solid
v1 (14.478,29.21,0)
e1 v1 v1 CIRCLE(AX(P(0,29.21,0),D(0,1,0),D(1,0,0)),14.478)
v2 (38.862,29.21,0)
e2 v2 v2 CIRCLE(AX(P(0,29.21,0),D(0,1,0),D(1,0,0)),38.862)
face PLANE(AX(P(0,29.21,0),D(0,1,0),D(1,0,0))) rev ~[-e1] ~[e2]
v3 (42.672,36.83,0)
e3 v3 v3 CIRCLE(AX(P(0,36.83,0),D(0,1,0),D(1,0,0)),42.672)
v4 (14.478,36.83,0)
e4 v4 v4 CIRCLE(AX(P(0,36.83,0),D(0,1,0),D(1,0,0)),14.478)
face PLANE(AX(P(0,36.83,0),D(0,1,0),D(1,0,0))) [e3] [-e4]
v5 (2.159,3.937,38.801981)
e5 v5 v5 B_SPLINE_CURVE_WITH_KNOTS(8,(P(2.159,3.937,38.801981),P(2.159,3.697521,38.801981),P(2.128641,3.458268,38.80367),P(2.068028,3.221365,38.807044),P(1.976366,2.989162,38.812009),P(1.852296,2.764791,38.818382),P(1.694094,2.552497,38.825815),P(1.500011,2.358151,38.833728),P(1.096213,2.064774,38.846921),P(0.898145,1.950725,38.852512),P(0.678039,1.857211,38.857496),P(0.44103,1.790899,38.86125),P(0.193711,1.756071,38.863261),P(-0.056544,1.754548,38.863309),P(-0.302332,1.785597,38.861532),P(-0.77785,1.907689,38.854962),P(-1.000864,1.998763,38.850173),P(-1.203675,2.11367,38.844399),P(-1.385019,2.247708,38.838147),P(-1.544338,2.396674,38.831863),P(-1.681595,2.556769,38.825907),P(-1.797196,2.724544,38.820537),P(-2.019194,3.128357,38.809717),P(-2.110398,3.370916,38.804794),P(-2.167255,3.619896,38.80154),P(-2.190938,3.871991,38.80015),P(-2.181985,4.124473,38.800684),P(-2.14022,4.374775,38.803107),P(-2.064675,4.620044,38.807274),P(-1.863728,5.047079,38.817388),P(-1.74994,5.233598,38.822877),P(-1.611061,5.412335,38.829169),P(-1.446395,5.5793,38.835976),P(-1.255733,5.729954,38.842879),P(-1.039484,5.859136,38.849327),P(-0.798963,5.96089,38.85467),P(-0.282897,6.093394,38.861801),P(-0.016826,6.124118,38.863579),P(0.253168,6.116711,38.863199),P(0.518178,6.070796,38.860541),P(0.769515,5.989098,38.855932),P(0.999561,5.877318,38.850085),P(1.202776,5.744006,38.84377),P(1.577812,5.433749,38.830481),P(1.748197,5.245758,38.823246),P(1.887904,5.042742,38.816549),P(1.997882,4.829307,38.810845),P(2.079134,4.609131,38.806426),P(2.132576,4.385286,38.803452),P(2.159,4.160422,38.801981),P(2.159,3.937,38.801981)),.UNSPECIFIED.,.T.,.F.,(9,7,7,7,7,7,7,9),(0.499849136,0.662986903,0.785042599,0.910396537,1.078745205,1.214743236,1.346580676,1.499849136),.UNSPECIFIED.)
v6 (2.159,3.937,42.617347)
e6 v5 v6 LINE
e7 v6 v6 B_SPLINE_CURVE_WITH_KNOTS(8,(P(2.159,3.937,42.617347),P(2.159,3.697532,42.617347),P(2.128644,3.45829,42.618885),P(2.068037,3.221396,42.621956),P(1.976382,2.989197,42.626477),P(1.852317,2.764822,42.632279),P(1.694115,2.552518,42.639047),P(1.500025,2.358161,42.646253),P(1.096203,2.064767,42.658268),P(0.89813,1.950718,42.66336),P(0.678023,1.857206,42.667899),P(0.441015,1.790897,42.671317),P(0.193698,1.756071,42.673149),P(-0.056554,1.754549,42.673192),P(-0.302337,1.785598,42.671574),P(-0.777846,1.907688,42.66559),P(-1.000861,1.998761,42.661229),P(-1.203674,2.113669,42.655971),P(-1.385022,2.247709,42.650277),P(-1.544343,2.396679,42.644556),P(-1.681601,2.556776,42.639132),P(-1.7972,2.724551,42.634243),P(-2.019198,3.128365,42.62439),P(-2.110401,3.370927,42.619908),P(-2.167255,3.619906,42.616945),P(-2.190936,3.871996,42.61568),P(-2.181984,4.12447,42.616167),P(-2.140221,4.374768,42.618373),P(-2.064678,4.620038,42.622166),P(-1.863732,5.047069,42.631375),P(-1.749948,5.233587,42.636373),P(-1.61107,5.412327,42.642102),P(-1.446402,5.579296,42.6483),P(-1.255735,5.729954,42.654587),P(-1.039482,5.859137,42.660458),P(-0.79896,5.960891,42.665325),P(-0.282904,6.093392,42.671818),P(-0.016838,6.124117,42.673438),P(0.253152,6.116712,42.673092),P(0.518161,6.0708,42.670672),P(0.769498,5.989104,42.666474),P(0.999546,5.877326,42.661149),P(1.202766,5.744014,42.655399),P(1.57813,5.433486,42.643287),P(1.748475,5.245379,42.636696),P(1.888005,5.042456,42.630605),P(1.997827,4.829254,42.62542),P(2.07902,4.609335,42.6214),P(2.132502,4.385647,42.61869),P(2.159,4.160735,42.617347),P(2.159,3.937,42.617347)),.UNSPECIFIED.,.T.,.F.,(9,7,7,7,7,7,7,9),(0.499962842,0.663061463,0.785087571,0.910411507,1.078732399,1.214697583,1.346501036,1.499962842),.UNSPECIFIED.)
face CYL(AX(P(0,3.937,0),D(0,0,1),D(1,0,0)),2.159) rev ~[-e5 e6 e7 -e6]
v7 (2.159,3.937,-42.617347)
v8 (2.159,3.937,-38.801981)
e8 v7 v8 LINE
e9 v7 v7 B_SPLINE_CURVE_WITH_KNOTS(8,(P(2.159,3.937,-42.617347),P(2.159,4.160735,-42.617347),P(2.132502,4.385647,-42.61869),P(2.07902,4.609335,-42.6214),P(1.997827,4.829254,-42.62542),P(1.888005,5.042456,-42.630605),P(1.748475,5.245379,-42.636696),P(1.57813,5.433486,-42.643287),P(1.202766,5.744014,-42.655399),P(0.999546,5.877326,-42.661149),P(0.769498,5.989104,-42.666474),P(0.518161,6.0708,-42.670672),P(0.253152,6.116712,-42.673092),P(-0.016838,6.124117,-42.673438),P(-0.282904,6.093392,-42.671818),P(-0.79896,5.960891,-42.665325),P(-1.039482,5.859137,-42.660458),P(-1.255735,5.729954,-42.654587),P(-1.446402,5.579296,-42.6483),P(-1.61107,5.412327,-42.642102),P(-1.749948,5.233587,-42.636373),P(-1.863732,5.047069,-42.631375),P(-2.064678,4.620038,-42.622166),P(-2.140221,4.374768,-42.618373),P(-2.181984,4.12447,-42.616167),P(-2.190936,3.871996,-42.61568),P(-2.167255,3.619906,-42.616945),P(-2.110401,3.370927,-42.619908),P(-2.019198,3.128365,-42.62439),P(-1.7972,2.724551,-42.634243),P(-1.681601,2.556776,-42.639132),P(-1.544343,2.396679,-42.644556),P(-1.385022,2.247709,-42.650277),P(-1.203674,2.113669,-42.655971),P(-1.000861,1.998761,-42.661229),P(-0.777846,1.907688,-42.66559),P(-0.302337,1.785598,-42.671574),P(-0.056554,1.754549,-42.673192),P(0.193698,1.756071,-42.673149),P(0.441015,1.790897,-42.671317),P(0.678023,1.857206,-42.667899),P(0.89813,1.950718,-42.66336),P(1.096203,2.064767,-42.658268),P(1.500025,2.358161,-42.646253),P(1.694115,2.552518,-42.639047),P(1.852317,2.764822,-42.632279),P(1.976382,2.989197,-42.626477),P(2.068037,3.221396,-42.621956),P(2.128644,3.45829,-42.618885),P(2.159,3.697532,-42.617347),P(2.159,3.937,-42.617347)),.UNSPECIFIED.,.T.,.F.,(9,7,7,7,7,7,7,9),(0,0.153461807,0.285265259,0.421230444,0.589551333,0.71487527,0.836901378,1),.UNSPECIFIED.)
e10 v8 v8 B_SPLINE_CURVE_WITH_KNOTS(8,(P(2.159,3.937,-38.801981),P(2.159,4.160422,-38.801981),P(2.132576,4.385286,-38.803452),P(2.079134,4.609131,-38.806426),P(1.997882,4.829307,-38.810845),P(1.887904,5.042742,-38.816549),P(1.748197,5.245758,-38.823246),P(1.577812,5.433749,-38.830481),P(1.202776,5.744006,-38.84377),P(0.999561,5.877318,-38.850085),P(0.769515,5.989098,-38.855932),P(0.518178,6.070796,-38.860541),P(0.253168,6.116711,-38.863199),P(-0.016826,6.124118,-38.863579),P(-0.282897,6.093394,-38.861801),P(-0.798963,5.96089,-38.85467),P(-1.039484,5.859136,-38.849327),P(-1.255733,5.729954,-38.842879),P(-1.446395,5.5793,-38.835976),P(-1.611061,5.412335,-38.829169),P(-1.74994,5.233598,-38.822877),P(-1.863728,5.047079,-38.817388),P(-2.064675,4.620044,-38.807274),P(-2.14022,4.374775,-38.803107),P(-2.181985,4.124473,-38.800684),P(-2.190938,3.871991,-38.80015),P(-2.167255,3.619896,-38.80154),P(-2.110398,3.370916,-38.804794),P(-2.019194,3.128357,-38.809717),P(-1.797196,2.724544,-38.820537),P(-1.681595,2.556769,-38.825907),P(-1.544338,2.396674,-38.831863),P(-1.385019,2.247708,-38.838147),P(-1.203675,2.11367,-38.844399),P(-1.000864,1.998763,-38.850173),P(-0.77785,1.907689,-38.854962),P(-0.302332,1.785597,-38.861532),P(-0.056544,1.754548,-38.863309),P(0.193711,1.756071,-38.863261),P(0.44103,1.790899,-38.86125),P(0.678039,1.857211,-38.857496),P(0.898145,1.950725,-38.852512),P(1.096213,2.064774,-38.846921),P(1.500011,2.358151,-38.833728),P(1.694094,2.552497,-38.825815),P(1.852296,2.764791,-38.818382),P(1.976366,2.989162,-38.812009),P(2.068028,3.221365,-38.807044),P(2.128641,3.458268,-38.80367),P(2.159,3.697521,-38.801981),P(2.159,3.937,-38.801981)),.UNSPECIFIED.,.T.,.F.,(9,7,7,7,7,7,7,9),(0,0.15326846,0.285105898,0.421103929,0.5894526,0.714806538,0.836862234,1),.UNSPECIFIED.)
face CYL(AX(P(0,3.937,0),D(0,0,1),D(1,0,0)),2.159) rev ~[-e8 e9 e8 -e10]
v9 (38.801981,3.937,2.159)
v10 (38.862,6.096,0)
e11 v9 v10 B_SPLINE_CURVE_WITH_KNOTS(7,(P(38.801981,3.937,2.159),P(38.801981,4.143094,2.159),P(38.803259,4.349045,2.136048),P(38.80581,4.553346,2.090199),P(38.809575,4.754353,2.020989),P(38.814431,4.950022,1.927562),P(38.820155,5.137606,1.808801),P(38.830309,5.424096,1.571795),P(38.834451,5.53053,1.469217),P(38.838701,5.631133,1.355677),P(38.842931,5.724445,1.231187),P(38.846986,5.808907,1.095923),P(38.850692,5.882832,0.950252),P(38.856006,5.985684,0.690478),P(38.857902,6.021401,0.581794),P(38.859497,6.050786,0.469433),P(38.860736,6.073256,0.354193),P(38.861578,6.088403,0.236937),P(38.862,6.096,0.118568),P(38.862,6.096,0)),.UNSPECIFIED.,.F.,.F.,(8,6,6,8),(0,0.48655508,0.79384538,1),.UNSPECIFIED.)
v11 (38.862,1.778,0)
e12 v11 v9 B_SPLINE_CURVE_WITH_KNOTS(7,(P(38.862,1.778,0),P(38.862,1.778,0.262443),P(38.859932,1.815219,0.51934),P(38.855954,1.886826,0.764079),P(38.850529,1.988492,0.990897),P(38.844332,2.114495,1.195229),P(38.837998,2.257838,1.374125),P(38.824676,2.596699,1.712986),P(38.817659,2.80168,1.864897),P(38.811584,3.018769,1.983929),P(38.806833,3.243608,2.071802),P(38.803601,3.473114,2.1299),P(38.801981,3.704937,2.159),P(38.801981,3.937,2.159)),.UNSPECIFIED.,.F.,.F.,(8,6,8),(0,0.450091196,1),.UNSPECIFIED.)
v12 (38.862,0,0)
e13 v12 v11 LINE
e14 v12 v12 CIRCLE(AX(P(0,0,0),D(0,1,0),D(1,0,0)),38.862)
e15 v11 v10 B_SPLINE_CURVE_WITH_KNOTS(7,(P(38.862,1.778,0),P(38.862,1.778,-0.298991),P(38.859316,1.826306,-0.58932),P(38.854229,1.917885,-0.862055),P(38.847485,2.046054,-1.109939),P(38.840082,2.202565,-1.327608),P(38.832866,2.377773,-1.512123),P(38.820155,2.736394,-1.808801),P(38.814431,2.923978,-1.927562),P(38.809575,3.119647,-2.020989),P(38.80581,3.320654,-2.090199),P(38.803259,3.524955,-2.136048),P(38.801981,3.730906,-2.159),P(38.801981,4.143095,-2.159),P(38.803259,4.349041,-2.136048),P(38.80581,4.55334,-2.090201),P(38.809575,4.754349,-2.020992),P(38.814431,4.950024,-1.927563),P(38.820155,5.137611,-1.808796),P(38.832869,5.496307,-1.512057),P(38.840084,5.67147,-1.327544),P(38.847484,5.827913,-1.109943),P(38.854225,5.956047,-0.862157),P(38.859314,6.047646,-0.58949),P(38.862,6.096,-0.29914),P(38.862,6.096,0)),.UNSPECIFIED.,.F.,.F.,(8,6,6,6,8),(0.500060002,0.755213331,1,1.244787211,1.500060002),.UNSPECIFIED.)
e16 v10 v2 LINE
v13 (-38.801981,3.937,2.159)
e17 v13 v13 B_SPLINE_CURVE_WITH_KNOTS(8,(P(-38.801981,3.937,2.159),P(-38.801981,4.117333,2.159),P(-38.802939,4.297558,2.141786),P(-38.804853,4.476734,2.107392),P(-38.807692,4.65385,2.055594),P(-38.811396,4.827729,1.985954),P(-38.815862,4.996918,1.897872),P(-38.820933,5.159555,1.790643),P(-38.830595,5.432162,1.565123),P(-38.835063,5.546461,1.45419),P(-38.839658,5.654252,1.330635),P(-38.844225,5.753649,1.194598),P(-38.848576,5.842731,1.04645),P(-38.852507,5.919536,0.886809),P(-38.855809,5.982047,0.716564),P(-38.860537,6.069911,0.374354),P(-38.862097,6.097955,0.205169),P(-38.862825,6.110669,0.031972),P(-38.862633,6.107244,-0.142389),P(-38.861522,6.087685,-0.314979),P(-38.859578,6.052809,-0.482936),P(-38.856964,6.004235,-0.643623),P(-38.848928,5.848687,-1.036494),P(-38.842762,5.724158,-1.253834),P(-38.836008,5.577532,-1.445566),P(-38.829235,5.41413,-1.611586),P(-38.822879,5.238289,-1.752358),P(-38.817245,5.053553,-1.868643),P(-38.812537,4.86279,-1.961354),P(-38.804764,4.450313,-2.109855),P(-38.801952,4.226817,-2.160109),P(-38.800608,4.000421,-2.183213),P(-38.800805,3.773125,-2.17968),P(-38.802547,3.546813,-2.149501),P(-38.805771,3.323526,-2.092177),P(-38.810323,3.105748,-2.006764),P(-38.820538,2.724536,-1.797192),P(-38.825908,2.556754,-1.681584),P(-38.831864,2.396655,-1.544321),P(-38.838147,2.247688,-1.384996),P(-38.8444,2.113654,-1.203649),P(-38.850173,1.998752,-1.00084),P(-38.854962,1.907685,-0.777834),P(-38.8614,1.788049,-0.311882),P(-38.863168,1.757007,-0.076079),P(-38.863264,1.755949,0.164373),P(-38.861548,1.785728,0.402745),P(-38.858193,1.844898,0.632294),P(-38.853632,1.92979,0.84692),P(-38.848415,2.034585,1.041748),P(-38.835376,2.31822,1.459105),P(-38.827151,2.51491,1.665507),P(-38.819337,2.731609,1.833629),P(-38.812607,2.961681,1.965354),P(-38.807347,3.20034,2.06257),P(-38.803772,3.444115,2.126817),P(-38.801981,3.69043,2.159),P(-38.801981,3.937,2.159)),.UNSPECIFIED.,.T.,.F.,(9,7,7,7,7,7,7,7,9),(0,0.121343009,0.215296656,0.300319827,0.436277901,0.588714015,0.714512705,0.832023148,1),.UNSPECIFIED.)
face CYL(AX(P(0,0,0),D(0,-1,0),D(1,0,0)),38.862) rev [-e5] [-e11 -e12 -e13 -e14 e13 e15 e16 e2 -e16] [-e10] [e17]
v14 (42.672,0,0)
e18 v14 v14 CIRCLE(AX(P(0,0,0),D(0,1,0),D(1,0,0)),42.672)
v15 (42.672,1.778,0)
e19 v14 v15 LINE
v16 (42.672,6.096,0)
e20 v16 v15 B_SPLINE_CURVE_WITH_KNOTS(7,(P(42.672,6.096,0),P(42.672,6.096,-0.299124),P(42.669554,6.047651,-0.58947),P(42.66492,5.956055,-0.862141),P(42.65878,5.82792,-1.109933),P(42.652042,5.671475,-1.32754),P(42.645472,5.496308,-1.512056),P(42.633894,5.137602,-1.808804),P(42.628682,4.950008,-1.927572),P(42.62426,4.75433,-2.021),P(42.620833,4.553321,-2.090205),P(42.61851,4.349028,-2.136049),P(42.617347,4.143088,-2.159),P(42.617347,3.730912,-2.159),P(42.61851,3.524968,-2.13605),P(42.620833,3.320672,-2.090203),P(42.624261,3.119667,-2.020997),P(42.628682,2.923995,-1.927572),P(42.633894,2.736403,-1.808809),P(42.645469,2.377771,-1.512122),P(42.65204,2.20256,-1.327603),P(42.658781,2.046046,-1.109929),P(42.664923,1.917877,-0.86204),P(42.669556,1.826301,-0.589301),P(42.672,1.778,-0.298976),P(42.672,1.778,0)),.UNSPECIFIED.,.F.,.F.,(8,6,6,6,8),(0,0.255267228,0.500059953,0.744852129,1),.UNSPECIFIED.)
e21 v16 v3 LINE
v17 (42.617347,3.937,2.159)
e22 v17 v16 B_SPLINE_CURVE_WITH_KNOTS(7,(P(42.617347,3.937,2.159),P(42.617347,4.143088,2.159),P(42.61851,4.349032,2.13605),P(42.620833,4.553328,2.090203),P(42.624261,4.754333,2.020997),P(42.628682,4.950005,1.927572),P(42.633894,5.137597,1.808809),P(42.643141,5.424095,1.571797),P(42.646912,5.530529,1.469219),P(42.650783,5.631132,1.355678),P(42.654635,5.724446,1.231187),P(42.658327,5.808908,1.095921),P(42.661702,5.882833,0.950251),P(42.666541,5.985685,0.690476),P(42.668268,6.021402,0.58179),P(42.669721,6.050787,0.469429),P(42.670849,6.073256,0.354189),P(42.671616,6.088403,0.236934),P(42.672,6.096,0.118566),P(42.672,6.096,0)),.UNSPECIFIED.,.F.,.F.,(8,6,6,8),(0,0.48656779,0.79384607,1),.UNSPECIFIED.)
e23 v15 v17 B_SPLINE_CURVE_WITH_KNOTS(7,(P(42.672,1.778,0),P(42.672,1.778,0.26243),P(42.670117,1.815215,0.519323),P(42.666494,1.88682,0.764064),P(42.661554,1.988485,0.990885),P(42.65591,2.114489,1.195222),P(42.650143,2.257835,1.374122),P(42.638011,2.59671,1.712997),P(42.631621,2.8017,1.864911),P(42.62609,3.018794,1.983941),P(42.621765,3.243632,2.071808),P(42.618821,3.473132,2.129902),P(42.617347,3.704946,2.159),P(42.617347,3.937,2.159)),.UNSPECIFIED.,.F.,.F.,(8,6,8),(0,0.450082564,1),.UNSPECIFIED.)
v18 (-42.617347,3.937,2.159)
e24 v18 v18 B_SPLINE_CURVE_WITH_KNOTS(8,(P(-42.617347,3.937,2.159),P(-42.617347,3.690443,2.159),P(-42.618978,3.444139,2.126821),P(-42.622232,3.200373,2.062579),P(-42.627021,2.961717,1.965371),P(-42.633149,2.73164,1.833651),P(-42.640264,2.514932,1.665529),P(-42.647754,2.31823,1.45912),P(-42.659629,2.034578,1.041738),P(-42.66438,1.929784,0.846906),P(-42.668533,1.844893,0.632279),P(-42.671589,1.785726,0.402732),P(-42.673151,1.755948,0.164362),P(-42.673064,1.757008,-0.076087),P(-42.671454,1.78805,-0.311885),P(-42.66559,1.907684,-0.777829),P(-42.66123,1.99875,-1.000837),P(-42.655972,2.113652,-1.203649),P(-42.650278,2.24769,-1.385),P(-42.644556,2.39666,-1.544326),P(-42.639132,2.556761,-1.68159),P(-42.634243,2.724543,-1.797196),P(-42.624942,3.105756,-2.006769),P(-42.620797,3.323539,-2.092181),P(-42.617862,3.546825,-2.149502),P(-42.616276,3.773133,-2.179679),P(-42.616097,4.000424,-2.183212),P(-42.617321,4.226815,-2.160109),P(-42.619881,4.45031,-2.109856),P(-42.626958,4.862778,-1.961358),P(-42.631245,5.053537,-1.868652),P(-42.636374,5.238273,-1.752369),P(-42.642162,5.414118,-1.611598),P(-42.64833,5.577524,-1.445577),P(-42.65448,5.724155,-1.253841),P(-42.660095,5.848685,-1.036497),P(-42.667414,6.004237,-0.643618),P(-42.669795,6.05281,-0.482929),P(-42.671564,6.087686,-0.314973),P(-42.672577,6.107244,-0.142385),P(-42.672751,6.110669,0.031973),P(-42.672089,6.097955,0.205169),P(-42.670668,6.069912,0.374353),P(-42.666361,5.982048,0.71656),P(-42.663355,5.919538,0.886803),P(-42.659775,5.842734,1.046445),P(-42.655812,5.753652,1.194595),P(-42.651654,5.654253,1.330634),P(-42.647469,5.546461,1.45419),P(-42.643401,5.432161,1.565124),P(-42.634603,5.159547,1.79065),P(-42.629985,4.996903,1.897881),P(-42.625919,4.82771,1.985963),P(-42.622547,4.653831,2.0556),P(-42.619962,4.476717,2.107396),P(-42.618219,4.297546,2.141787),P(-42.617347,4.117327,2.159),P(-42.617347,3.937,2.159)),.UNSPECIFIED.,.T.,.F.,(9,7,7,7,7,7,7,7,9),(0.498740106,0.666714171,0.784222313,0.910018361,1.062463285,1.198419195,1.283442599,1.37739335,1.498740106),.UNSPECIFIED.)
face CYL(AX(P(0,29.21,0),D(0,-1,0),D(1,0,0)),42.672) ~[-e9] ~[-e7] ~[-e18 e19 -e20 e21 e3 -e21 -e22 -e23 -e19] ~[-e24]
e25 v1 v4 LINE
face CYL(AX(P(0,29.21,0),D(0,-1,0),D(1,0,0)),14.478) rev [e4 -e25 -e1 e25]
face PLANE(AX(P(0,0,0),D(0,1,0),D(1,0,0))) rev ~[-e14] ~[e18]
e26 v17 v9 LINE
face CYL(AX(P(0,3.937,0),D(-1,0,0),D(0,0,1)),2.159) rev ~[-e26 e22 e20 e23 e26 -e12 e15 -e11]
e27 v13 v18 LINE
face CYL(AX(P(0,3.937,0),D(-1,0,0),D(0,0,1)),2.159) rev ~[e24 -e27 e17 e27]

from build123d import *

# Parameters (mm, degrees)
SKETCH1_R           = 42.672
SKETCH1_R_2         = 38.862
BOSS_EXTRUDE1_DEPTH = 29.21
SKETCH2_R           = 42.672
SKETCH2_R_2         = 14.478
BOSS_EXTRUDE2_DEPTH = 7.62
SKETCH3_R           = 2.159
CUT_EXTRUDE1_DEPTH  = 43.672
CIRPATTERN1_COUNT   = 4


with BuildPart() as part:
    # Sketch1 → Boss-Extrude1 (new body)
    with BuildSketch(Plane(origin=(0, 0, 0), x_dir=(1, 0, 0), z_dir=(0, 1, 0))):
        Circle(SKETCH1_R)
        Circle(SKETCH1_R_2, mode=Mode.SUBTRACT)
    extrude(amount=BOSS_EXTRUDE1_DEPTH)

    # Sketch2 → Boss-Extrude2 (add)
    with BuildSketch(Plane(origin=(0, 29.21, 0), x_dir=(1, 0, 0), z_dir=(0, 1, 0))):
        Circle(SKETCH2_R)
        Circle(SKETCH2_R_2, mode=Mode.SUBTRACT)
    extrude(amount=BOSS_EXTRUDE2_DEPTH)

    # Sketch3 → Cut-Extrude1 (cut, symmetric)
    with BuildSketch(Plane.XY):
        with Locations((0, 3.937)):
            Circle(SKETCH3_R)
    cut_extrude1 = extrude(amount=CUT_EXTRUDE1_DEPTH, both=True, mode=Mode.SUBTRACT)

    # CirPattern1: Cut-Extrude1 ×4 about axis
    cirpattern1_axis = Axis((0, 29.21, 0), (0, -1, 0))
    for i in range(1, CIRPATTERN1_COUNT):
        add(cut_extrude1.rotate(cirpattern1_axis, i * 360 / CIRPATTERN1_COUNT), mode=Mode.SUBTRACT)


solid = part.part
